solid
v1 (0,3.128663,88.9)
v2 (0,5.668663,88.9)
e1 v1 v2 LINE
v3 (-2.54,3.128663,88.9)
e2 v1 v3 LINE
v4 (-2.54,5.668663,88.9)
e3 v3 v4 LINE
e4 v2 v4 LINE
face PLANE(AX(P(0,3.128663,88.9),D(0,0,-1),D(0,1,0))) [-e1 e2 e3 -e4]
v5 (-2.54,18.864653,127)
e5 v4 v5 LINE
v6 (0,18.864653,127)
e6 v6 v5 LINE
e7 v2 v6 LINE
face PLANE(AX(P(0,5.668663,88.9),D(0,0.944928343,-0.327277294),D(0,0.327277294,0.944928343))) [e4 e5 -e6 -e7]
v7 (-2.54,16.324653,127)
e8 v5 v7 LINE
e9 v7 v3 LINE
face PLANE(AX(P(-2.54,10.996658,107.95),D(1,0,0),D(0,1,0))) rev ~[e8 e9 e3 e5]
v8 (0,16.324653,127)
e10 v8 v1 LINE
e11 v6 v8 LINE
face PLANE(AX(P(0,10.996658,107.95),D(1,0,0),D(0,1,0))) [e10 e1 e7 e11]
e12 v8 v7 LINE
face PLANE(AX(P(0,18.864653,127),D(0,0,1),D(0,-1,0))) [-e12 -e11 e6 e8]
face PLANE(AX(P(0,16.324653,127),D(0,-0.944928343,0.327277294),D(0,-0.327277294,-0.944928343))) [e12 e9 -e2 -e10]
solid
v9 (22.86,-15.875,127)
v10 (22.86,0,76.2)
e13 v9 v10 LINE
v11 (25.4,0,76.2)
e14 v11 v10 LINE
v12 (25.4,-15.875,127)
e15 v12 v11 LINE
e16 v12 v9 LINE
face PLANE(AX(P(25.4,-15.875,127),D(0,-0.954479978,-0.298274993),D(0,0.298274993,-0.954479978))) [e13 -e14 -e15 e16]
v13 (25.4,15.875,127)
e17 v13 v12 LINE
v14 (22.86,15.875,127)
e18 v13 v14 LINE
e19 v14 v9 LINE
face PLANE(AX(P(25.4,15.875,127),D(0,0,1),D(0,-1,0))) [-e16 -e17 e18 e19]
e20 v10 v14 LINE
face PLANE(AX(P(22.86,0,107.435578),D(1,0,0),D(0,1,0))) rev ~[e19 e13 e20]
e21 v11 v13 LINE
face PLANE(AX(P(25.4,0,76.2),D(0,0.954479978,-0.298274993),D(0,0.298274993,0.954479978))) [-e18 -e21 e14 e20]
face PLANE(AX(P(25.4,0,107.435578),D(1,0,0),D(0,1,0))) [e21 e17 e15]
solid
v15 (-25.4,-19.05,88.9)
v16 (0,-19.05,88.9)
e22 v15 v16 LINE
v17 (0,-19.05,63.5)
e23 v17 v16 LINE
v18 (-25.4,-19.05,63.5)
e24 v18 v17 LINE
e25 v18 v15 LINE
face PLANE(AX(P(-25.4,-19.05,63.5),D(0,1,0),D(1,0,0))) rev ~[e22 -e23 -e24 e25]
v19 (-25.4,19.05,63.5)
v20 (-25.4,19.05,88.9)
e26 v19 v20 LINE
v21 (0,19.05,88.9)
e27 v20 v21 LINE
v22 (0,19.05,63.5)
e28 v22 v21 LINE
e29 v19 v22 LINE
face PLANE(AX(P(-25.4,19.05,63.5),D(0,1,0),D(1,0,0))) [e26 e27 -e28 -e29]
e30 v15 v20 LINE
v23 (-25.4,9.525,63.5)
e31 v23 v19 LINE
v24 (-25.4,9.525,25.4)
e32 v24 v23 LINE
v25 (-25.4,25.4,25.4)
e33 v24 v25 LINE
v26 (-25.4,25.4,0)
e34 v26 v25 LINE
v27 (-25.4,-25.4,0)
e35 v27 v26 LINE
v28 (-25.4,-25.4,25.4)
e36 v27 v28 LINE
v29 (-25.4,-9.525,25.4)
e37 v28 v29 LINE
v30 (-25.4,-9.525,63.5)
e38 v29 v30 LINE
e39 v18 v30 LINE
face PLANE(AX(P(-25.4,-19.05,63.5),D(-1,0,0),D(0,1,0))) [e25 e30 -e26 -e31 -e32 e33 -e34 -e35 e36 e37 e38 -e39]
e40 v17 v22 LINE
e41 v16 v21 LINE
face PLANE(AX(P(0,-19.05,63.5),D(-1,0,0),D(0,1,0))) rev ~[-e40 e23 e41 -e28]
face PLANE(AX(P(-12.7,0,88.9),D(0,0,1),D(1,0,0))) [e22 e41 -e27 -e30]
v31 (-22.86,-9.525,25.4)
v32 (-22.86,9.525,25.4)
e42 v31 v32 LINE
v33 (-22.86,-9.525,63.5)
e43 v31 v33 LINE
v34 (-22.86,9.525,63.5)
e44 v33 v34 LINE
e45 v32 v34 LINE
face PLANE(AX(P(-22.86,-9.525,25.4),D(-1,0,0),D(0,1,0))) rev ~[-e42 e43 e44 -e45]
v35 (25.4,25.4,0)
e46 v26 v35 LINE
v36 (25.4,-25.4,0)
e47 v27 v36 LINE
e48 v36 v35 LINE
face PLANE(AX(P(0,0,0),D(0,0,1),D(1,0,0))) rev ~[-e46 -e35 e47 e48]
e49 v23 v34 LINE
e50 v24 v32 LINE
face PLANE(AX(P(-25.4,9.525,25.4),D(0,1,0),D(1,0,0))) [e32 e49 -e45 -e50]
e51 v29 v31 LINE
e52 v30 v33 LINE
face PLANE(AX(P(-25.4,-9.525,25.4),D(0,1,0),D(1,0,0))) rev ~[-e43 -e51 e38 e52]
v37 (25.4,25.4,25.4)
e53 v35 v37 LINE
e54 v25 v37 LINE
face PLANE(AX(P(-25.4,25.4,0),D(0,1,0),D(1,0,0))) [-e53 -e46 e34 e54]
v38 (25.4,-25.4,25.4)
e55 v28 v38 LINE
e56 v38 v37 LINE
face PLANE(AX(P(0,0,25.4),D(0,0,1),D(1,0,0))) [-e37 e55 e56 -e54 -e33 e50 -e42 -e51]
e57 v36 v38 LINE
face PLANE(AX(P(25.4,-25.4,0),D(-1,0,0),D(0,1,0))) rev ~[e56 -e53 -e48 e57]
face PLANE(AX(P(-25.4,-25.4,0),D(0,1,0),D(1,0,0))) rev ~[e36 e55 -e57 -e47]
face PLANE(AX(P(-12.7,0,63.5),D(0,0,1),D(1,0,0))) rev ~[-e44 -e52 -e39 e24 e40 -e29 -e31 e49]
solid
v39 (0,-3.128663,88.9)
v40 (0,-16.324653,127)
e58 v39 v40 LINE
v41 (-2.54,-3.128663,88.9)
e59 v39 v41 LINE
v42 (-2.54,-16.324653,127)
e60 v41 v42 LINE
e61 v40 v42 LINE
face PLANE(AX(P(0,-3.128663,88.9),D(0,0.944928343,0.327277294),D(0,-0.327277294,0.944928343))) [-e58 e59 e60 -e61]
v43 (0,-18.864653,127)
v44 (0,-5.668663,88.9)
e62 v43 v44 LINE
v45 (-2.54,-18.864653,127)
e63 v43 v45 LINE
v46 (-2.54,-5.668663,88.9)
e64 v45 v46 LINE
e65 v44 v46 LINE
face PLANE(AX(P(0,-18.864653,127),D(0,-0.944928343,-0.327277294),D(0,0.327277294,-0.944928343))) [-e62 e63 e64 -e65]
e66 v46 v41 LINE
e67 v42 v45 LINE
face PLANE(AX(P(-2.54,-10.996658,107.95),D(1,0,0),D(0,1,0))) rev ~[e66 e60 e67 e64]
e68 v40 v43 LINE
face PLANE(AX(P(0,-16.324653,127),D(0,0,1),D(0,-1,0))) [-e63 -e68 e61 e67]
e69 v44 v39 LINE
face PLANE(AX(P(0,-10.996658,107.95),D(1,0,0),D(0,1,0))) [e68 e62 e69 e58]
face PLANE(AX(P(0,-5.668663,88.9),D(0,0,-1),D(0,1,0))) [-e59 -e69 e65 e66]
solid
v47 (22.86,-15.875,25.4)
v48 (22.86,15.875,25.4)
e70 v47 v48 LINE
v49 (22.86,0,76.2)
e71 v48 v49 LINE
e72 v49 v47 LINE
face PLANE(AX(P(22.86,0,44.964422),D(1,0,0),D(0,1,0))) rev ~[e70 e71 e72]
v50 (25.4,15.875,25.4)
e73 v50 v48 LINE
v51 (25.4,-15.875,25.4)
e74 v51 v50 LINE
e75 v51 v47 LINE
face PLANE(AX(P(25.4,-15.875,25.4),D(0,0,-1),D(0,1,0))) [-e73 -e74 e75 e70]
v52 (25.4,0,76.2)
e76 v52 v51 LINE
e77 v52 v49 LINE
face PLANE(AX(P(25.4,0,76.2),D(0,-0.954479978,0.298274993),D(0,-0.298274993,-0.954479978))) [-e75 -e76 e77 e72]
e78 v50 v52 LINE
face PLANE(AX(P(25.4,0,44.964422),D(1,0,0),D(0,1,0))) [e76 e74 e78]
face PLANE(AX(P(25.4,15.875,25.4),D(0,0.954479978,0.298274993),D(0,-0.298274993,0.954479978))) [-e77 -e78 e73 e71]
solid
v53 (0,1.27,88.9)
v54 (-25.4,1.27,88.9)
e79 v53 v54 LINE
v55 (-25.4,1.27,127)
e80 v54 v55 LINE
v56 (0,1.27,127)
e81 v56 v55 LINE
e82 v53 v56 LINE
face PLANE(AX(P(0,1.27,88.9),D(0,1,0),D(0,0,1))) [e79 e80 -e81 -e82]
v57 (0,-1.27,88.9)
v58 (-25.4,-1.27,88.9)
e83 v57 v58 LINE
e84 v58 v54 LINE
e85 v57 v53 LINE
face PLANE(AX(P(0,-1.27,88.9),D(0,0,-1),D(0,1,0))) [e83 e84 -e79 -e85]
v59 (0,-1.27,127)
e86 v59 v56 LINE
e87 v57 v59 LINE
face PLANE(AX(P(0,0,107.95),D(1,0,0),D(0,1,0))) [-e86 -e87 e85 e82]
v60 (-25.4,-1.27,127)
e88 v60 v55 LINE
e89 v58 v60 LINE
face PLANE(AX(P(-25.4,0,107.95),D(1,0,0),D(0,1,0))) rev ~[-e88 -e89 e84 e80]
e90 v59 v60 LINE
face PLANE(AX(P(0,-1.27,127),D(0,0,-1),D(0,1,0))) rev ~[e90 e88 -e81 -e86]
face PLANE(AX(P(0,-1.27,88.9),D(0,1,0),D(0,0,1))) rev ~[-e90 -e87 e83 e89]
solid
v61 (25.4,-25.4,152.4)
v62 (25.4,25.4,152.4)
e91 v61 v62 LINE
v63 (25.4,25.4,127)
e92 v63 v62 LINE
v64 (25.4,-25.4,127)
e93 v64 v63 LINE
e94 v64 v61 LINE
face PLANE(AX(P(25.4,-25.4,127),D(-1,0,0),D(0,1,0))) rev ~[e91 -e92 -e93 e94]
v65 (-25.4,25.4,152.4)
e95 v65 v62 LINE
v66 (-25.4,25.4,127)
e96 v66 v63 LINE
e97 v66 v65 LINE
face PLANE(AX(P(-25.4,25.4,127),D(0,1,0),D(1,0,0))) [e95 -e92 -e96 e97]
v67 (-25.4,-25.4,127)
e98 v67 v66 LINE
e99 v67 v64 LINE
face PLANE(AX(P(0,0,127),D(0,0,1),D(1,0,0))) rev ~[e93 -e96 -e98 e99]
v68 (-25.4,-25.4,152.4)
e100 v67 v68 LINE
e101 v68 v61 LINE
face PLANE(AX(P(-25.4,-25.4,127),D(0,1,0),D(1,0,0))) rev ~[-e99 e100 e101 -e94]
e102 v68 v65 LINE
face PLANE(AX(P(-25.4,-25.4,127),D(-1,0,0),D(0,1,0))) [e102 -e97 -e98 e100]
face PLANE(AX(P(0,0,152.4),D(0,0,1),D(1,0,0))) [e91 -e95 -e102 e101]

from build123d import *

# Parameters (mm, degrees)
F0_W      = 50.8
F0_H      = 50.8
F1_DEPTH  = 25.4
F2_W      = 2.54
F2_H      = 19.05
F3_DEPTH  = 38.1
F4_W      = 25.4
F4_H      = 38.1
F5_DEPTH  = 25.4
F6_W      = 2.54
F6_H      = 38.1
F7_DEPTH  = 25.4
F9_DEPTH  = 2.54
F10_W     = 50.8
F10_H     = 50.8
F11_DEPTH = 25.4
F13_DEPTH = 2.54


with BuildPart() as f1:
    # F0 (on Top) → F1 (new body)
    with BuildSketch(Plane.XY):
        Rectangle(F0_W, F0_H)
    extrude(amount=F1_DEPTH)

    # F2 (on face) → F3 (join)
    with BuildSketch(Plane.XY.offset(25.4)):
        with Locations((-24.13, 0)):
            Rectangle(F2_W, F2_H)
    extrude(amount=F3_DEPTH)

    # F4 (on face) → F5 (join)
    with BuildSketch(Plane.XY.offset(63.5)):
        with Locations((-12.7, 0)):
            Rectangle(F4_W, F4_H)
    extrude(amount=F5_DEPTH)


with BuildPart() as f7:
    # F6 (on face) → F7 (new body)
    with BuildSketch(Plane.YZ):
        with Locations((0, 107.95)):
            Rectangle(F6_W, F6_H)
    extrude(amount=-F7_DEPTH)


with BuildPart() as f9:
    # F8 (on face) → F9 (new body)
    with BuildSketch(Plane.YZ):
        Polygon((16.324653252, 127), (3.128663313, 88.9), (5.668663313, 88.9), (18.864653252, 127), align=None)
    extrude(amount=-F9_DEPTH)


with BuildPart() as f9b:
    # F8 (on face) → F9, piece 2 (new body)
    with BuildSketch(Plane.YZ):
        Polygon((-5.668663313, 88.9), (-3.128663313, 88.9), (-16.324653252, 127), (-18.864653252, 127), align=None)
    extrude(amount=-F9_DEPTH)


with BuildPart() as f11:
    # F10 (on face) → F11 (new body)
    with BuildSketch(Plane.XY.offset(127)):
        Rectangle(F10_W, F10_H)
    extrude(amount=F11_DEPTH)


with BuildPart() as f13:
    # F12 (on face) → F13 (new body)
    with BuildSketch(Plane.YZ.offset(25.4)):
        Polygon((-15.875, 127), (0, 76.2), (15.875, 127), align=None)
    extrude(amount=-F13_DEPTH)


with BuildPart() as f13b:
    # F12 (on face) → F13, piece 2 (new body)
    with BuildSketch(Plane.YZ.offset(25.4)):
        Polygon((0, 76.2), (-15.875, 25.4), (15.875, 25.4), align=None)
    extrude(amount=-F13_DEPTH)


solid = Compound([f1.part, f7.part, f9.part, f9b.part, f11.part, f13.part, f13b.part])
